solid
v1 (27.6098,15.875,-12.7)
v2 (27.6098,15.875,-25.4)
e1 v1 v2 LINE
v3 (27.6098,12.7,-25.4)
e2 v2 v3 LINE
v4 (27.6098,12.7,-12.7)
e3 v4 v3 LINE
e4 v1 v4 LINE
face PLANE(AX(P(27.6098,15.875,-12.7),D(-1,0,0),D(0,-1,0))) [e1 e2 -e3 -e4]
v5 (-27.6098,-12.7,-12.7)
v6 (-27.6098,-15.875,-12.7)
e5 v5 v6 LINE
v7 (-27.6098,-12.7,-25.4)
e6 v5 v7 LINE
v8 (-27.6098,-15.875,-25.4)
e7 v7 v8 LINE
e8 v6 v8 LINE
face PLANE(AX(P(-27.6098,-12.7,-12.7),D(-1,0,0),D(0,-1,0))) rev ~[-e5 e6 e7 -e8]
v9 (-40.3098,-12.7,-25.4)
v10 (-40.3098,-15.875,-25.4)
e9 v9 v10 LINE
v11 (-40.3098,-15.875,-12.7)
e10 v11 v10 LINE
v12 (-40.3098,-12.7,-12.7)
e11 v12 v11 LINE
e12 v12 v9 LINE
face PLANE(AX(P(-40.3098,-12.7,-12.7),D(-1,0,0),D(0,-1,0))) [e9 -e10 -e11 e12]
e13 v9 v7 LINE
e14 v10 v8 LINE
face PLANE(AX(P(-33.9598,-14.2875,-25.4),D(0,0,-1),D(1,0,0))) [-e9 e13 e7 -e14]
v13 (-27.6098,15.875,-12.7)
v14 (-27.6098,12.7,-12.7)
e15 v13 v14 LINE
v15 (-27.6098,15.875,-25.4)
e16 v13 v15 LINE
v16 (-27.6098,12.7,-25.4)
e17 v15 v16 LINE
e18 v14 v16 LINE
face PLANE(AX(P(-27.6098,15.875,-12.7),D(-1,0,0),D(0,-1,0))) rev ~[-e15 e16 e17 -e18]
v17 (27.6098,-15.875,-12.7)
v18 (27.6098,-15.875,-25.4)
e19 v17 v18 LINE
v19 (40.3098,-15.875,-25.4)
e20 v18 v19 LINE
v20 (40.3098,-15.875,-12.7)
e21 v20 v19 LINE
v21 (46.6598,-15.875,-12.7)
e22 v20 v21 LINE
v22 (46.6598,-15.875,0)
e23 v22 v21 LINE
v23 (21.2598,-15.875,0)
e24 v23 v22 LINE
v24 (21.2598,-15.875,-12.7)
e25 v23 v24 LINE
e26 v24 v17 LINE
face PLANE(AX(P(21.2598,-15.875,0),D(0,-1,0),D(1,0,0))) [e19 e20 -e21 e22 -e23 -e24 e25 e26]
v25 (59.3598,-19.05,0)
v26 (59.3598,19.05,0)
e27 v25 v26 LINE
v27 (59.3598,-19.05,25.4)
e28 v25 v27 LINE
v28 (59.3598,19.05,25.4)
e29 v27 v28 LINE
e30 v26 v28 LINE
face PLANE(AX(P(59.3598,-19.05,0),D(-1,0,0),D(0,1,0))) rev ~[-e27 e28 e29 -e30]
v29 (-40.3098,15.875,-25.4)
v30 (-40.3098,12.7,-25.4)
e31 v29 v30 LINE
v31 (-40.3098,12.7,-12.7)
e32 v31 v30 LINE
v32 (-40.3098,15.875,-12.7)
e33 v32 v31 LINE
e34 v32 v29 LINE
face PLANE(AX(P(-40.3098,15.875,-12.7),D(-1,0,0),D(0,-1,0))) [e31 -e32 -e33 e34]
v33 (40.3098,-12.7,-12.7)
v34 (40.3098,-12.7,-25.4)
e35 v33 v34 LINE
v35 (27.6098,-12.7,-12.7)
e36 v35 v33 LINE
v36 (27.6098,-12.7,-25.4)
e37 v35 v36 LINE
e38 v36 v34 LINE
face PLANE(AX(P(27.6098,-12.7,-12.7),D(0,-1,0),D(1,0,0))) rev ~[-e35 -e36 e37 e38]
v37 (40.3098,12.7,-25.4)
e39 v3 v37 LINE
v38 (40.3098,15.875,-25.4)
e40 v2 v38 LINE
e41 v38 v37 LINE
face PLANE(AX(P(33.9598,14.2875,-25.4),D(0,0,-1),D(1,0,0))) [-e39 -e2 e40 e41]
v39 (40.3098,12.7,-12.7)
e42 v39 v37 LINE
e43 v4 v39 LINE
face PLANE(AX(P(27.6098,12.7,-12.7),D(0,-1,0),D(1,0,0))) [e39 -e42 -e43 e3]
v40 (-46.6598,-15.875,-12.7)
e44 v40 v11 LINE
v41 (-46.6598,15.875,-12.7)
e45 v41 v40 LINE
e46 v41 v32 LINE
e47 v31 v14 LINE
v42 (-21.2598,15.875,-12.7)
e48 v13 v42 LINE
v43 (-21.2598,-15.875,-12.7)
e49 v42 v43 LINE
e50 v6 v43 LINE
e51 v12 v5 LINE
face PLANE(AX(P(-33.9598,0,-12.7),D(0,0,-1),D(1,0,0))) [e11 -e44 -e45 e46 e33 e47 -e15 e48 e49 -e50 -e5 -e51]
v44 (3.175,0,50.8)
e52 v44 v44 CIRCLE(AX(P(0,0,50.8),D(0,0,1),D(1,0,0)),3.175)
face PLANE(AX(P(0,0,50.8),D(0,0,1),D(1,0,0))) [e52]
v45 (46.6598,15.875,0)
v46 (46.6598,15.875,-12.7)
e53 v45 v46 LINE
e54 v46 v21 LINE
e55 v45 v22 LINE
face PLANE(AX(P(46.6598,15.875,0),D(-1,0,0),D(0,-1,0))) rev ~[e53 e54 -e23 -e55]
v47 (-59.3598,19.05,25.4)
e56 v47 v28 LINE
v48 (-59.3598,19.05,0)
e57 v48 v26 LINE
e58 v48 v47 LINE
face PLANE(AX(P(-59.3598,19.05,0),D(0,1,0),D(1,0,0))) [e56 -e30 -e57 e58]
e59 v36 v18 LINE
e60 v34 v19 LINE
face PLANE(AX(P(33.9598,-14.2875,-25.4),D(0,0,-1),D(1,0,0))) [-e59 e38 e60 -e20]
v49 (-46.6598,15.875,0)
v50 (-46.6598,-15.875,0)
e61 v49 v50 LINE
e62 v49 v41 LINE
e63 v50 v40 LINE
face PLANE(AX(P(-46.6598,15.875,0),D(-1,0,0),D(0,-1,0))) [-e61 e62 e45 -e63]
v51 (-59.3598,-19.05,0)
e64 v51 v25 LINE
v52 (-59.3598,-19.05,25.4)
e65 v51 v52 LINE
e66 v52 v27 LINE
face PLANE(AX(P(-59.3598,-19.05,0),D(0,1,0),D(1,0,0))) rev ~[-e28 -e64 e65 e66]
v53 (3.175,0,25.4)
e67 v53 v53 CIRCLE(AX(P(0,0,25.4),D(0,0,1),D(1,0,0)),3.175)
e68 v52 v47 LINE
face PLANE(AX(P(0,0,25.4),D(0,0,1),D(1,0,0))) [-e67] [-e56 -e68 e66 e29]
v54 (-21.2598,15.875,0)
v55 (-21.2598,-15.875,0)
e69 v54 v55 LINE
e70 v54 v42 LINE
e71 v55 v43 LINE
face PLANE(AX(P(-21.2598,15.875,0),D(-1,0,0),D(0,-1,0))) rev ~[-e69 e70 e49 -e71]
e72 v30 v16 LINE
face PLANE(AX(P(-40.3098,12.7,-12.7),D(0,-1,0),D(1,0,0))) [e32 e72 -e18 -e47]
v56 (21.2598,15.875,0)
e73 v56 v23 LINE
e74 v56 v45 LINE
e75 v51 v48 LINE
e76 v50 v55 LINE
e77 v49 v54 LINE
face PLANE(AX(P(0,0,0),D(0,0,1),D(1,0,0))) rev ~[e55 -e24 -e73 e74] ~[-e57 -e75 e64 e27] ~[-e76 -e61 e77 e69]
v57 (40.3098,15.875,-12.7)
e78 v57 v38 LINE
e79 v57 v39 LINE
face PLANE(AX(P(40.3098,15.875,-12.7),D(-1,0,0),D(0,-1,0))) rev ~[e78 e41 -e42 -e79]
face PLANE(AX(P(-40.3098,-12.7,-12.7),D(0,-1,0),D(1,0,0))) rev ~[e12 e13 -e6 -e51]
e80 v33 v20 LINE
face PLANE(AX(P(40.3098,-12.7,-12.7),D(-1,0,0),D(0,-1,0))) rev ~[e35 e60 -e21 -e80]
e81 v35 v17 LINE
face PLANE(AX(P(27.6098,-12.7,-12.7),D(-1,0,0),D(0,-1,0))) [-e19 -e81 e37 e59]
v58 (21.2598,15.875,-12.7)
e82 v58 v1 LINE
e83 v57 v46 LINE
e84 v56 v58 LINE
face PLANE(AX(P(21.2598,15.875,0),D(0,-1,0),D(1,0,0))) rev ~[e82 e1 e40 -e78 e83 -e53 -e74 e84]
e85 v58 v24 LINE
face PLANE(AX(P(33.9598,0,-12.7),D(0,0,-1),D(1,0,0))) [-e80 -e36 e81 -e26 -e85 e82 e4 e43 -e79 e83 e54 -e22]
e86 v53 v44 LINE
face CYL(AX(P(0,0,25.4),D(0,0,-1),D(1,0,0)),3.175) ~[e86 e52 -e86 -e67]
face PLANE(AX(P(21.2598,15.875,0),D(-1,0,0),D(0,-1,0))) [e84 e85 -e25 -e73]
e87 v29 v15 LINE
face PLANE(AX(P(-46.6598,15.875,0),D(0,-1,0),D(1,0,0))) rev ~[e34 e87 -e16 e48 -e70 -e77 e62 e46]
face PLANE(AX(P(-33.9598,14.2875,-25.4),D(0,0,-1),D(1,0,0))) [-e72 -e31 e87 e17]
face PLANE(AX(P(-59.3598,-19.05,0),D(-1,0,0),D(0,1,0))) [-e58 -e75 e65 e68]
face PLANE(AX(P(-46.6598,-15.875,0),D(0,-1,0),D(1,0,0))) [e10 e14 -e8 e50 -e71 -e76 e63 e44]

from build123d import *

# Parameters (mm, degrees)
F0_W     = 118.7196
F0_H     = 38.1
F1_DEPTH = 25.4
F2_W     = 25.4
F2_H     = 31.75
F3_DEPTH = 12.7
F4_W     = 12.7
F4_H     = 3.175
F5_DEPTH = 12.7
F6_W     = 12.7
F6_H     = 3.175
F7_DEPTH = 12.7
F8_R     = 3.175
F9_DEPTH = 25.4


with BuildPart() as f1:
    # F0 (on Top) → F1 (new body)
    with BuildSketch(Plane.XY):
        Rectangle(F0_W, F0_H)
    extrude(amount=F1_DEPTH)

    # F2 (on face) → F3 (join)
    with BuildSketch(Plane(origin=(0, 0, 0), x_dir=(1, 0, 0), z_dir=(0, 0, -1))):
        with Locations((-33.9598, 0)):
            Rectangle(F2_W, F2_H)
        with Locations((33.9598, 0)):
            Rectangle(F2_W, F2_H)
    extrude(amount=F3_DEPTH)

    # F4 (on face) → F5 (join)
    with BuildSketch(Plane(origin=(0, 0, -12.7), x_dir=(1, 0, 0), z_dir=(0, 0, -1))):
        with Locations((-33.9598, 14.2875)):
            Rectangle(F4_W, F4_H)
        with Locations((-33.9598, -14.2875)):
            Rectangle(F4_W, F4_H)
    extrude(amount=F5_DEPTH)

    # F6 (on face) → F7 (join)
    with BuildSketch(Plane(origin=(0, 0, -12.7), x_dir=(1, 0, 0), z_dir=(0, 0, -1))):
        with Locations((33.9598, 14.2875)):
            Rectangle(F6_W, F6_H)
        with Locations((33.9598, -14.2875)):
            Rectangle(F6_W, F6_H)
    extrude(amount=F7_DEPTH)

    # F8 (on face) → F9 (join)
    with BuildSketch(Plane.XY.offset(25.4)):
        Circle(F8_R)
    extrude(amount=F9_DEPTH)


solid = f1.part
